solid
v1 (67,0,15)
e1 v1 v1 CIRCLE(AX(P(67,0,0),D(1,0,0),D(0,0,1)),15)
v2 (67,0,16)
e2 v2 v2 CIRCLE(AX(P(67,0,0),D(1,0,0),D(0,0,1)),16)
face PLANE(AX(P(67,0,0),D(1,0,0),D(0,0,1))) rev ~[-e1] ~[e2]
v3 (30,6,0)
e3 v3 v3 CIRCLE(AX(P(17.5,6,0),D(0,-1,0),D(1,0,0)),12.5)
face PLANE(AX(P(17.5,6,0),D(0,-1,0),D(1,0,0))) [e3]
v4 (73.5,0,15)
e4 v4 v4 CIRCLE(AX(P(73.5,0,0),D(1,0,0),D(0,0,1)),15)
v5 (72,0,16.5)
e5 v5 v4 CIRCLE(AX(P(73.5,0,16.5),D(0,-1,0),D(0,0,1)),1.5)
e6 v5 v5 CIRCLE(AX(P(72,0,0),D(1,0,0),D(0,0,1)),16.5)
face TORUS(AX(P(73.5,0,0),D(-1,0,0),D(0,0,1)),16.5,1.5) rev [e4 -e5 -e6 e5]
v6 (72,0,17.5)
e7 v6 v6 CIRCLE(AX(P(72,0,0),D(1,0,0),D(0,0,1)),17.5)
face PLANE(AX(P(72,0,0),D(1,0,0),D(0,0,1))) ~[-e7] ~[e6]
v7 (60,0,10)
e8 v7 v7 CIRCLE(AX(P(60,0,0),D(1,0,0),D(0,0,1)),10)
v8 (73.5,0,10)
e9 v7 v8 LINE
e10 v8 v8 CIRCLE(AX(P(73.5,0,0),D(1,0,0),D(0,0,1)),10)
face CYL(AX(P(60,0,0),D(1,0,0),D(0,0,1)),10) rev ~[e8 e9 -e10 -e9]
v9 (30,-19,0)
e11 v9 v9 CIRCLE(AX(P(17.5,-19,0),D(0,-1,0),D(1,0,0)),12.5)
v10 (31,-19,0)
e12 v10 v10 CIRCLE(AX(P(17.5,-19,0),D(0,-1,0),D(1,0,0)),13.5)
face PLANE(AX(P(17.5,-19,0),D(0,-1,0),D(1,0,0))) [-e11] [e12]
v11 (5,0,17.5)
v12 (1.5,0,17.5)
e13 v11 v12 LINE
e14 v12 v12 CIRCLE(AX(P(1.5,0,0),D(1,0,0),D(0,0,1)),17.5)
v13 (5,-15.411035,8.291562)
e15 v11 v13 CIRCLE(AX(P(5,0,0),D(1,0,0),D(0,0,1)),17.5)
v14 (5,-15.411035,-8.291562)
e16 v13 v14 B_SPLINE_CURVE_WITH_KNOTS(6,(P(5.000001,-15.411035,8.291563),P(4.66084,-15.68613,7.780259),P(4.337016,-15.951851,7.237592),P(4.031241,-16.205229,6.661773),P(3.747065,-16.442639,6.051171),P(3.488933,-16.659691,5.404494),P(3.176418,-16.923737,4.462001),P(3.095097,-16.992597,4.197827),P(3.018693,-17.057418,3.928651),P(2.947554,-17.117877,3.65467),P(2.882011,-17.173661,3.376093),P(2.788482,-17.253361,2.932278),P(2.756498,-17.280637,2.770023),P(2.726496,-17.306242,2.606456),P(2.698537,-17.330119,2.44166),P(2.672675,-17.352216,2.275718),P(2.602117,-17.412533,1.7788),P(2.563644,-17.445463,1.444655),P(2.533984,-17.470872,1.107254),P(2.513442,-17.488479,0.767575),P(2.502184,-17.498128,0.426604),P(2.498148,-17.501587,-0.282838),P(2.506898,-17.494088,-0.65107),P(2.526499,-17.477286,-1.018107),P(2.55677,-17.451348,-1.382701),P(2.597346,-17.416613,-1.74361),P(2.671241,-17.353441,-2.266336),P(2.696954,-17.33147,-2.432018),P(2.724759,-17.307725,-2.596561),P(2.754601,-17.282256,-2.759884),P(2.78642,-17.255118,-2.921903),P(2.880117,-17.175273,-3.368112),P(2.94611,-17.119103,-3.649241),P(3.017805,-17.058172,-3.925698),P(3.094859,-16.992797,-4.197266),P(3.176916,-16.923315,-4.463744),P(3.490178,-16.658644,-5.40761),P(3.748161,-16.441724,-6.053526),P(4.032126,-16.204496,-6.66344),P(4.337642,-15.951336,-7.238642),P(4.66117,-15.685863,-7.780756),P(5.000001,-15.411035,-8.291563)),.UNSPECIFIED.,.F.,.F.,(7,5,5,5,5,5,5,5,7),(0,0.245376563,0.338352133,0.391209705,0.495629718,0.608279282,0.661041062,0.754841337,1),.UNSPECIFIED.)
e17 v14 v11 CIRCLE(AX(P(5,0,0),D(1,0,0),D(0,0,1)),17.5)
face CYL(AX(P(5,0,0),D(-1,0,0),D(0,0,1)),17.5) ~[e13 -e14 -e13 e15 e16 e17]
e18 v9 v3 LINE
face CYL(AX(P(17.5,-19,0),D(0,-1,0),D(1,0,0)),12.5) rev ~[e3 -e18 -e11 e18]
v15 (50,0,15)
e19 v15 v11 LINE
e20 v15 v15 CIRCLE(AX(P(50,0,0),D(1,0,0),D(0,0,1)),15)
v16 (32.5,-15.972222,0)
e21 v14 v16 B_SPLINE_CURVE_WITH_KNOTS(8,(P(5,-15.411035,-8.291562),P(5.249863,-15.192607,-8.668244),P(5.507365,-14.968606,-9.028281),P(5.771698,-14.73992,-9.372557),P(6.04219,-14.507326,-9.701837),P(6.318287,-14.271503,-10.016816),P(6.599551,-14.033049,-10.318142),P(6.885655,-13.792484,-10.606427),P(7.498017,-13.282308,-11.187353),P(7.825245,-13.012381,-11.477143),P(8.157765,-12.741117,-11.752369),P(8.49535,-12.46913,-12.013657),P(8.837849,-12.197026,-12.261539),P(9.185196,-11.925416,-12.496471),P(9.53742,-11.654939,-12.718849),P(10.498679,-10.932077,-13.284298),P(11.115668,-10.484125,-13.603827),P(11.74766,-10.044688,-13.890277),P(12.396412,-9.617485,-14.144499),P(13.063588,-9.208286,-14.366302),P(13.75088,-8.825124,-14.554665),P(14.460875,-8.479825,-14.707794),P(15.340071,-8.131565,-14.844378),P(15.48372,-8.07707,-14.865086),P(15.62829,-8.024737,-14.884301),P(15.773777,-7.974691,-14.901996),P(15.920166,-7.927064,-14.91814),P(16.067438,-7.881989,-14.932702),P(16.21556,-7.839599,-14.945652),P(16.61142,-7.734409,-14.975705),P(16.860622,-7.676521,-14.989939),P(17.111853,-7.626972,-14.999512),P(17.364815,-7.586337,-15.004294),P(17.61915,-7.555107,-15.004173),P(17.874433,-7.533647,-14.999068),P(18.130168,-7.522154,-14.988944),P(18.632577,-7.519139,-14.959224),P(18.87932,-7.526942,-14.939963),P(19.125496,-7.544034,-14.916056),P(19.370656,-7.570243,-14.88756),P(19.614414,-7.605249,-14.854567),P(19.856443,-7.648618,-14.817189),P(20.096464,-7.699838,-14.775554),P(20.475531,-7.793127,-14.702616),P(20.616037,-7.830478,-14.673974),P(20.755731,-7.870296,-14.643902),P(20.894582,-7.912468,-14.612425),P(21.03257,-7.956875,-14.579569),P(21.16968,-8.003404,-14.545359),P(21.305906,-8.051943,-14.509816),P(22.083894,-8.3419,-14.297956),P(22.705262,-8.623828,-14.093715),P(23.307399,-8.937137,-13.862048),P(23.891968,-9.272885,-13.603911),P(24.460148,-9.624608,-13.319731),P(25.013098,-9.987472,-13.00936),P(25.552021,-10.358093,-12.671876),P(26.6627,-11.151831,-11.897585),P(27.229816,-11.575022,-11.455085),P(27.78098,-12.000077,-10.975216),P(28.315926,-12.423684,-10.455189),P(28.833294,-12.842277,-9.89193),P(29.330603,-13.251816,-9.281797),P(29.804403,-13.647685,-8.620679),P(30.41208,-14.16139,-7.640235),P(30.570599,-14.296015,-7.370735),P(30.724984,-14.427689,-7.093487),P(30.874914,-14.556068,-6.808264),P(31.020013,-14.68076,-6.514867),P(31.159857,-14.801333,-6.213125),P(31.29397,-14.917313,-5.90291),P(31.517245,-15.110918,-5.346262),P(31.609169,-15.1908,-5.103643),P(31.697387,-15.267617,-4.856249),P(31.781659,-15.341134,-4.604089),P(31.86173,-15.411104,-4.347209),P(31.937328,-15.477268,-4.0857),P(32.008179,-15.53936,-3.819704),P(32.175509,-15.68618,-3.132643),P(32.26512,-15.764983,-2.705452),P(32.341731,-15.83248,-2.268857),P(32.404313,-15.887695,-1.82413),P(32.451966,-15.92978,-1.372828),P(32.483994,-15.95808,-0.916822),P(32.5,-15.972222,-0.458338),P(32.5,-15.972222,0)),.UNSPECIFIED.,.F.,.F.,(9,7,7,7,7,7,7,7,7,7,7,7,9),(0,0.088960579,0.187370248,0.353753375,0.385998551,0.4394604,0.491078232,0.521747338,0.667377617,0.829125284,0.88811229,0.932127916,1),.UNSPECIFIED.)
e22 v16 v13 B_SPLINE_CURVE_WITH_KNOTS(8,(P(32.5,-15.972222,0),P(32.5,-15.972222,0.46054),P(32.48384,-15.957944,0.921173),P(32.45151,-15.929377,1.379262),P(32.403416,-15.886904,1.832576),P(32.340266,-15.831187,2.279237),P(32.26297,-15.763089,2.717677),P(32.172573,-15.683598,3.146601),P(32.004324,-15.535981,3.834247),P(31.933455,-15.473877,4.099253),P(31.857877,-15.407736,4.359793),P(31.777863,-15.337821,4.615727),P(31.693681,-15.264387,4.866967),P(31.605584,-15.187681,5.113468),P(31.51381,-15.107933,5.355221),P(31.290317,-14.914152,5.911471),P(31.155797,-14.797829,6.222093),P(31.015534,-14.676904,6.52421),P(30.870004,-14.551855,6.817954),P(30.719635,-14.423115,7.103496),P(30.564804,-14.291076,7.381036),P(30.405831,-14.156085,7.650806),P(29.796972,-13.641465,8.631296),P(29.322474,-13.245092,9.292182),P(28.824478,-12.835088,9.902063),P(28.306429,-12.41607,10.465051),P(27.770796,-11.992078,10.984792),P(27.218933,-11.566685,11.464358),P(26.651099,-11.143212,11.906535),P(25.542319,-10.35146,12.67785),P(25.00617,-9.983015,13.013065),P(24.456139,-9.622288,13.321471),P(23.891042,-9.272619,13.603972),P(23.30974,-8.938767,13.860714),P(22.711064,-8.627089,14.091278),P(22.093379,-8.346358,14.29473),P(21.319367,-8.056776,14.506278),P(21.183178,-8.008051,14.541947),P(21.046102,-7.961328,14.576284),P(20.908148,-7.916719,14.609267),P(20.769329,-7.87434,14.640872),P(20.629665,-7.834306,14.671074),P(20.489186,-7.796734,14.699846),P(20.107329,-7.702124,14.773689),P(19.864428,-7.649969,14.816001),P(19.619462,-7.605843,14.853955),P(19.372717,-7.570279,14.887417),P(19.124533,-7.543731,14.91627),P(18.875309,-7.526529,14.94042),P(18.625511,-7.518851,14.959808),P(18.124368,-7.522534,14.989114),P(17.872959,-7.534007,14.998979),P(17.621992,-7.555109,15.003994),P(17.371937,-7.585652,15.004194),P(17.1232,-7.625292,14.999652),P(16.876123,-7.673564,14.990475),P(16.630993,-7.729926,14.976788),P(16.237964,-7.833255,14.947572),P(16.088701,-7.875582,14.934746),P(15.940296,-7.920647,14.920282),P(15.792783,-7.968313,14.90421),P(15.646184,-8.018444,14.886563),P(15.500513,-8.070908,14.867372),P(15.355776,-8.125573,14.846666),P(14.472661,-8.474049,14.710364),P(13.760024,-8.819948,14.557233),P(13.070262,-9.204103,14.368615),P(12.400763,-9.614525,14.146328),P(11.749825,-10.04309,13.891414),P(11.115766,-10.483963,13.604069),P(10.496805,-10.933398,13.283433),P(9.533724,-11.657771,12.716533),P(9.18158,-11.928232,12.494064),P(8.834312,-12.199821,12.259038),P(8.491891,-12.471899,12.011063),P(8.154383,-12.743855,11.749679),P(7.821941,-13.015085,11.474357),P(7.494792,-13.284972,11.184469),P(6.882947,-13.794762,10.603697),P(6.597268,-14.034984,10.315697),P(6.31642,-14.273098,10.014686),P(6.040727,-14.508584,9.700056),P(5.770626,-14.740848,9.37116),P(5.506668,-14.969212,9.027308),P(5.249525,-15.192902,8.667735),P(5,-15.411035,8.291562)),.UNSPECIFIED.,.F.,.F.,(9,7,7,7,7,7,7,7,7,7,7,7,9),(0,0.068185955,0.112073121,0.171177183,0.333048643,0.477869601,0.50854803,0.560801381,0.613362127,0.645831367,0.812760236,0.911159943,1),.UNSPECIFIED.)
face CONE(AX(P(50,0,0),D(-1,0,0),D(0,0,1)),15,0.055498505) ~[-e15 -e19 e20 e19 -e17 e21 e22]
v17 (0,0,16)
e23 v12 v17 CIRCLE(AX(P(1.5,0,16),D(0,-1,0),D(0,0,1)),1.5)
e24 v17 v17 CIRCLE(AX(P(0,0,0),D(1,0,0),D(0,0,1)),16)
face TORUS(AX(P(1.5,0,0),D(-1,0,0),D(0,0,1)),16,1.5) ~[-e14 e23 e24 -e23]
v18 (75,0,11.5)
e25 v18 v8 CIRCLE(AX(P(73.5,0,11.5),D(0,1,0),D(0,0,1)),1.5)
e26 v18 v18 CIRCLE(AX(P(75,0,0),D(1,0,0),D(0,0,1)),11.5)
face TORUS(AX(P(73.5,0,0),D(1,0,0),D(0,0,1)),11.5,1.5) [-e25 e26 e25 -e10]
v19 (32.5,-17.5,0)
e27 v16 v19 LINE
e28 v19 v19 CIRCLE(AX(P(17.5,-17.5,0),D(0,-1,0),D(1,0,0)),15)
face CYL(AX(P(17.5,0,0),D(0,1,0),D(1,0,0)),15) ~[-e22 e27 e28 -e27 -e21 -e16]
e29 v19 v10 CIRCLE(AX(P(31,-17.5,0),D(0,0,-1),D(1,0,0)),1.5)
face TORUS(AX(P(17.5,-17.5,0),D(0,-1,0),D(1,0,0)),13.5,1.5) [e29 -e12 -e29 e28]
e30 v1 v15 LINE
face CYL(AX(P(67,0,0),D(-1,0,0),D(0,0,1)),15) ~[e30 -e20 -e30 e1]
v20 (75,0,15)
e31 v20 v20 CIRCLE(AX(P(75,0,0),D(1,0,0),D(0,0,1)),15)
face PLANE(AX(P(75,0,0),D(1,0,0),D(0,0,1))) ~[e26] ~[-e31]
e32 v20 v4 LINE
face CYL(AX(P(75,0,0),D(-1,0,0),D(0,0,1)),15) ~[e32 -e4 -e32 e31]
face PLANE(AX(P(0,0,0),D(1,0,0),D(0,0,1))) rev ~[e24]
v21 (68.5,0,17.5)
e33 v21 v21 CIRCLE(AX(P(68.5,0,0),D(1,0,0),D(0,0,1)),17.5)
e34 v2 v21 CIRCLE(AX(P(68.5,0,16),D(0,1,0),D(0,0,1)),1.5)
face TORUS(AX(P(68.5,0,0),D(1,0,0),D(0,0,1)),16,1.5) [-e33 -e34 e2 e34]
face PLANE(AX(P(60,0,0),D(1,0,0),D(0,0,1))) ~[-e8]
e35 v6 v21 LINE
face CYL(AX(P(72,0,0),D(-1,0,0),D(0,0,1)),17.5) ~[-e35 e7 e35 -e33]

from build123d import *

# Parameters (mm, degrees)
F2_R     = 15
F3_DEPTH = 19
F4_R     = 12.5
F5_DEPTH = 25
F6_R     = 1.5


with BuildPart() as f1:
    # F0 (on Front) → F1 (revolve)
    with BuildSketch(Plane.XZ):
        Polygon((0, 17.5), (0, 0), (60, 0), (60, 10), (75, 10), (75, 15), (72, 15), (72, 17.5), (67, 17.5), (67, 15), (50, 15), (5, 17.5), align=None)
    revolve(axis=Axis((30, 0, 0), (1, 0, 0)))

    # F2 (on Front) → F3 (join)
    with BuildSketch(Plane.XZ):
        with Locations((17.5, 0)):
            Circle(F2_R)
    extrude(amount=F3_DEPTH)

    # F4 (on face) → F5 (cut)
    with BuildSketch(Plane.XZ.offset(19)):
        with Locations((17.5, 0)):
            Circle(F4_R)
    extrude(amount=-F5_DEPTH, mode=Mode.SUBTRACT)

    # F6
    f6_edges = [f1.edges().sort_by_distance(p)[0] for p in [
        (2.5, -19, 0),
        (0, 0, -17.5),
        (67, 0, -17.5),
        (75, 0, -10),
        (72, 0, -15),
    ]]
    fillet(f6_edges, radius=F6_R)


solid = f1.part
